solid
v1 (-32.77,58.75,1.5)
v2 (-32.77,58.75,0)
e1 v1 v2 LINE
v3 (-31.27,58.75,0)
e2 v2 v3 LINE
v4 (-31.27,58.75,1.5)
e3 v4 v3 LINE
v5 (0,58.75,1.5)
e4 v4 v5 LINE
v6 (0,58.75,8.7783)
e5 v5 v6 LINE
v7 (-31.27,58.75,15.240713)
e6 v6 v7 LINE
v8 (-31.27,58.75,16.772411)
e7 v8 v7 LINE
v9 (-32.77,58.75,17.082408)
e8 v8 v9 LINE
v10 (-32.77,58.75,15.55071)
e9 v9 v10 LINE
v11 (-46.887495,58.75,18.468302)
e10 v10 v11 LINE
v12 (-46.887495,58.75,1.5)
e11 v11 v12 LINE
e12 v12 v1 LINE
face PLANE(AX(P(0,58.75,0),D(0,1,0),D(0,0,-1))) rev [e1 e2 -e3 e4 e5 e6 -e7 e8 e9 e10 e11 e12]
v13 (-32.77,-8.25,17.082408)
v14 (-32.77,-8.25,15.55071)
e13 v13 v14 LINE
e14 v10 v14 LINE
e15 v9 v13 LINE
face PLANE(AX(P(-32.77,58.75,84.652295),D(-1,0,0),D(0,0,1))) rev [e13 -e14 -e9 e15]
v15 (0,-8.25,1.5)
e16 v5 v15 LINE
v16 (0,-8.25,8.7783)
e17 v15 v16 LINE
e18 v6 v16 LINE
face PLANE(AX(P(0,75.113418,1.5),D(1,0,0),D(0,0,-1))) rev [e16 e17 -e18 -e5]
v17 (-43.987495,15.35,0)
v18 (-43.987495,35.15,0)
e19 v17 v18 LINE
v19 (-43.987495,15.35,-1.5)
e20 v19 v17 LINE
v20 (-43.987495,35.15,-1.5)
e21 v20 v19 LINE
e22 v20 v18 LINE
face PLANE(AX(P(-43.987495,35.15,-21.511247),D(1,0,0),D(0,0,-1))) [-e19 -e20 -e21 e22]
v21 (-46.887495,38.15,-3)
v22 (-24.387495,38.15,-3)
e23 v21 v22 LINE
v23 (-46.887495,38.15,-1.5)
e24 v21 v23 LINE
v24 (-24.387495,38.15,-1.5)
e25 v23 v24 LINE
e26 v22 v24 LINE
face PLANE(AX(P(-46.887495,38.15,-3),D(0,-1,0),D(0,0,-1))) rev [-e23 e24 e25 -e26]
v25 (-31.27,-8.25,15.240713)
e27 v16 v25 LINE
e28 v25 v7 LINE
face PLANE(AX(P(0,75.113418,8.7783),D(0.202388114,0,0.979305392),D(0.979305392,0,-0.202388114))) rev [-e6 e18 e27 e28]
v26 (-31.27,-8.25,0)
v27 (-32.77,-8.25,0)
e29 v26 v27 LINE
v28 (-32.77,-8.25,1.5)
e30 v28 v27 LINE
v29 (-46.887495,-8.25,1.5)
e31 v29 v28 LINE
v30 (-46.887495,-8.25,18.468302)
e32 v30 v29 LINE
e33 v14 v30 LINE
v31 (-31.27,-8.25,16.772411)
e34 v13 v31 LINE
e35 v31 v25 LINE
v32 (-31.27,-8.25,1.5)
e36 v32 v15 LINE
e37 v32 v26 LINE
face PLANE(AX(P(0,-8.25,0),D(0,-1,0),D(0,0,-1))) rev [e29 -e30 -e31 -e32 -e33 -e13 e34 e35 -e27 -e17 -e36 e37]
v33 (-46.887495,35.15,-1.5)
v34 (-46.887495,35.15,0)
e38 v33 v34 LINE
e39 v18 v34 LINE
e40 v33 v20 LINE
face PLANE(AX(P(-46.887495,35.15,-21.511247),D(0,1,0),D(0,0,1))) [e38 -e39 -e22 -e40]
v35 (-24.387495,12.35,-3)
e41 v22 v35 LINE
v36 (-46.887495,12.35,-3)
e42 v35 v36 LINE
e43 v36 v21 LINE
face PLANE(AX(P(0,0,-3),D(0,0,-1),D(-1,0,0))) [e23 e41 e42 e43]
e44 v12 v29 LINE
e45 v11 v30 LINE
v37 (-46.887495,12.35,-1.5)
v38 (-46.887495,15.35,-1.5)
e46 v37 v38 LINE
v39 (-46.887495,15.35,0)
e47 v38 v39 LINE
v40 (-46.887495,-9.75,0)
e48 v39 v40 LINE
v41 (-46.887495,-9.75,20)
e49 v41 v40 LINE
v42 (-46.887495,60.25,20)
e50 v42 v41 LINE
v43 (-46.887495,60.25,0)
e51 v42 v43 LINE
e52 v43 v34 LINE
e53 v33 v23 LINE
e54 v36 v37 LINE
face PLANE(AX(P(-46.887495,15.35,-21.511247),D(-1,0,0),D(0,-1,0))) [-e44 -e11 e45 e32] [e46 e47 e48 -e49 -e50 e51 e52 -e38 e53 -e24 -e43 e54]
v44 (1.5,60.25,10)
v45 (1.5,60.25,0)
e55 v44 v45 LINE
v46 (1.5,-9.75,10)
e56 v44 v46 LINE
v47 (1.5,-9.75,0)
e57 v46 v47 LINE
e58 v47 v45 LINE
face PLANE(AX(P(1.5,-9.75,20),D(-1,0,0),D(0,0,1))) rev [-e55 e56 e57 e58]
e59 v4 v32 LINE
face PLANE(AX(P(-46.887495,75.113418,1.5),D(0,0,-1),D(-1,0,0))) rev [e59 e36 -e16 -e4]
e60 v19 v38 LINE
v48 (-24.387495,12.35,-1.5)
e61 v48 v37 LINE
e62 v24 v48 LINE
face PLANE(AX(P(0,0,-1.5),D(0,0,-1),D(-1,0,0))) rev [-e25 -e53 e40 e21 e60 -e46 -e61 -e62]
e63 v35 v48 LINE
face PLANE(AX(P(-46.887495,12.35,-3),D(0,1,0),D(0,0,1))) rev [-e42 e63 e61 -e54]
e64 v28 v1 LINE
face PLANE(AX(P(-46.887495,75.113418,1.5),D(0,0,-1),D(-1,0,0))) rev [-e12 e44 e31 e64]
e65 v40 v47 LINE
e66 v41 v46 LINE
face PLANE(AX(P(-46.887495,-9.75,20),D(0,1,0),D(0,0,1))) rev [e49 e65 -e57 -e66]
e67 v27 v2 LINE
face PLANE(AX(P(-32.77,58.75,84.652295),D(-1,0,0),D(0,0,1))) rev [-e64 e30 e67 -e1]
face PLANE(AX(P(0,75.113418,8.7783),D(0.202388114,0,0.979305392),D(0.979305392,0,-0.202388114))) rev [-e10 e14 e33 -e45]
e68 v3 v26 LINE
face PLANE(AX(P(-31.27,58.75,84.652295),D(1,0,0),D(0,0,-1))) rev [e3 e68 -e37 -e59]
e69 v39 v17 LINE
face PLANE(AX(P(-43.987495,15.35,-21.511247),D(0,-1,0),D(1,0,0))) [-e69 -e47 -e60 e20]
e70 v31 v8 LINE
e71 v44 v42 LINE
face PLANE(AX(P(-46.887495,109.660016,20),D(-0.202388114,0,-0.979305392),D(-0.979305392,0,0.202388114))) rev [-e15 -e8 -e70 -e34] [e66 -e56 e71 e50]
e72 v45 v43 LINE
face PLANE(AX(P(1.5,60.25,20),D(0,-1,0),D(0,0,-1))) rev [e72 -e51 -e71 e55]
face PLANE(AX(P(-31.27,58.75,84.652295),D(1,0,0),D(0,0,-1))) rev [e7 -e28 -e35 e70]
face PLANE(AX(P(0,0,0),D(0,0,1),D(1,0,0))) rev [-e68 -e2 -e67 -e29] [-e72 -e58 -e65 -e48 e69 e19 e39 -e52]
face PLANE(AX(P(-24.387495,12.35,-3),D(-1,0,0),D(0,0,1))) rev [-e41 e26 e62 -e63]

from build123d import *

# Parameters (mm, degrees)
SKETCH1_W           = 2.9
SKETCH1_H           = 19.8
BOSS_EXTRUDE1_DEPTH = 1.5
SKETCH2_W           = 22.5
SKETCH2_H           = 25.8
BOSS_EXTRUDE3_DEPTH = 1.5
BOSS_EXTRUDE4_DEPTH = 20
CUT_EXTRUDE1_DEPTH  = 70
CUT_EXTRUDE2_START  = -35
CUT_EXTRUDE2_DEPTH  = 33.5
CUT_EXTRUDE3_REACH  = 80.921
SKETCH6_W           = 1.5
SKETCH6_H           = 67


with BuildPart() as part:
    # Sketch1 → Boss-Extrude1 (new body)
    with BuildSketch(Plane.XY):
        with Locations((-45.437495374, 25.25)):
            Rectangle(SKETCH1_W, SKETCH1_H)
    extrude(amount=-BOSS_EXTRUDE1_DEPTH)

    # Sketch2 → Boss-Extrude3 (add)
    with BuildSketch(Plane(origin=(0, 0, -1.5), x_dir=(-1, 0, 0), z_dir=(0, 0, -1))):
        with Locations((35.637495374, 25.25)):
            Rectangle(SKETCH2_W, SKETCH2_H)
    extrude(amount=BOSS_EXTRUDE3_DEPTH)

    # Sketch3 → Boss-Extrude4 (add)
    with BuildSketch(Plane.XY):
        Polygon((-46.887495374, 15.25), (-46.887495374, 35.25), (-46.887495374, 60.25), (1.5, 60.25), (1.5, -9.75), (-46.887495374, -9.75), align=None)
    extrude(amount=BOSS_EXTRUDE4_DEPTH)

    # Sketch4 → Cut-Extrude1 (cut)
    with BuildSketch(Plane.XZ.offset(9.75)):
        Polygon((-46.887495374, 20), (1.5, 10), (1.5, 20), align=None)
    extrude(amount=-CUT_EXTRUDE1_DEPTH, mode=Mode.SUBTRACT)

    # Sketch5 → Cut-Extrude2 (cut)
    with BuildSketch(Plane.XZ.offset(9.75).offset(CUT_EXTRUDE2_START)):
        Polygon((0, 1.5), (0, 8.778299559), (-46.887495374, 18.468302113), (-46.887495374, 1.5), align=None)
    cut_extrude2 = extrude(amount=CUT_EXTRUDE2_DEPTH, mode=Mode.SUBTRACT)

    # Mirror1: Cut-Extrude2 across plane
    add(cut_extrude2.mirror(Plane.ZX.offset(25.25)), mode=Mode.SUBTRACT)

    # Cut-Extrude3: up to this plane
    cut_extrude3_end = Plane(origin=(-46.887495374, 109.660016278, 20), z_dir=(-0.2023881138557791, 0, -0.979305392290832))
    # Sketch6 → Cut-Extrude3 (cut, up to the surface)
    with BuildSketch(Plane(origin=(0, 0, 0), x_dir=(-1, 0, 0), z_dir=(0, 0, -1)), mode=Mode.PRIVATE) as cut_extrude3_sk1:
        with Locations((32.02, 25.25)):
            Rectangle(SKETCH6_W, SKETCH6_H)
    cut_extrude3_tool1 = split(extrude(cut_extrude3_sk1.sketch, amount=-CUT_EXTRUDE3_REACH, mode=Mode.PRIVATE), bisect_by=cut_extrude3_end, keep=Keep.BOTH, mode=Mode.PRIVATE)
    add(cut_extrude3_tool1.solids().sort_by_distance((-32.02, 25.25, 0))[0], mode=Mode.SUBTRACT)


solid = part.part
